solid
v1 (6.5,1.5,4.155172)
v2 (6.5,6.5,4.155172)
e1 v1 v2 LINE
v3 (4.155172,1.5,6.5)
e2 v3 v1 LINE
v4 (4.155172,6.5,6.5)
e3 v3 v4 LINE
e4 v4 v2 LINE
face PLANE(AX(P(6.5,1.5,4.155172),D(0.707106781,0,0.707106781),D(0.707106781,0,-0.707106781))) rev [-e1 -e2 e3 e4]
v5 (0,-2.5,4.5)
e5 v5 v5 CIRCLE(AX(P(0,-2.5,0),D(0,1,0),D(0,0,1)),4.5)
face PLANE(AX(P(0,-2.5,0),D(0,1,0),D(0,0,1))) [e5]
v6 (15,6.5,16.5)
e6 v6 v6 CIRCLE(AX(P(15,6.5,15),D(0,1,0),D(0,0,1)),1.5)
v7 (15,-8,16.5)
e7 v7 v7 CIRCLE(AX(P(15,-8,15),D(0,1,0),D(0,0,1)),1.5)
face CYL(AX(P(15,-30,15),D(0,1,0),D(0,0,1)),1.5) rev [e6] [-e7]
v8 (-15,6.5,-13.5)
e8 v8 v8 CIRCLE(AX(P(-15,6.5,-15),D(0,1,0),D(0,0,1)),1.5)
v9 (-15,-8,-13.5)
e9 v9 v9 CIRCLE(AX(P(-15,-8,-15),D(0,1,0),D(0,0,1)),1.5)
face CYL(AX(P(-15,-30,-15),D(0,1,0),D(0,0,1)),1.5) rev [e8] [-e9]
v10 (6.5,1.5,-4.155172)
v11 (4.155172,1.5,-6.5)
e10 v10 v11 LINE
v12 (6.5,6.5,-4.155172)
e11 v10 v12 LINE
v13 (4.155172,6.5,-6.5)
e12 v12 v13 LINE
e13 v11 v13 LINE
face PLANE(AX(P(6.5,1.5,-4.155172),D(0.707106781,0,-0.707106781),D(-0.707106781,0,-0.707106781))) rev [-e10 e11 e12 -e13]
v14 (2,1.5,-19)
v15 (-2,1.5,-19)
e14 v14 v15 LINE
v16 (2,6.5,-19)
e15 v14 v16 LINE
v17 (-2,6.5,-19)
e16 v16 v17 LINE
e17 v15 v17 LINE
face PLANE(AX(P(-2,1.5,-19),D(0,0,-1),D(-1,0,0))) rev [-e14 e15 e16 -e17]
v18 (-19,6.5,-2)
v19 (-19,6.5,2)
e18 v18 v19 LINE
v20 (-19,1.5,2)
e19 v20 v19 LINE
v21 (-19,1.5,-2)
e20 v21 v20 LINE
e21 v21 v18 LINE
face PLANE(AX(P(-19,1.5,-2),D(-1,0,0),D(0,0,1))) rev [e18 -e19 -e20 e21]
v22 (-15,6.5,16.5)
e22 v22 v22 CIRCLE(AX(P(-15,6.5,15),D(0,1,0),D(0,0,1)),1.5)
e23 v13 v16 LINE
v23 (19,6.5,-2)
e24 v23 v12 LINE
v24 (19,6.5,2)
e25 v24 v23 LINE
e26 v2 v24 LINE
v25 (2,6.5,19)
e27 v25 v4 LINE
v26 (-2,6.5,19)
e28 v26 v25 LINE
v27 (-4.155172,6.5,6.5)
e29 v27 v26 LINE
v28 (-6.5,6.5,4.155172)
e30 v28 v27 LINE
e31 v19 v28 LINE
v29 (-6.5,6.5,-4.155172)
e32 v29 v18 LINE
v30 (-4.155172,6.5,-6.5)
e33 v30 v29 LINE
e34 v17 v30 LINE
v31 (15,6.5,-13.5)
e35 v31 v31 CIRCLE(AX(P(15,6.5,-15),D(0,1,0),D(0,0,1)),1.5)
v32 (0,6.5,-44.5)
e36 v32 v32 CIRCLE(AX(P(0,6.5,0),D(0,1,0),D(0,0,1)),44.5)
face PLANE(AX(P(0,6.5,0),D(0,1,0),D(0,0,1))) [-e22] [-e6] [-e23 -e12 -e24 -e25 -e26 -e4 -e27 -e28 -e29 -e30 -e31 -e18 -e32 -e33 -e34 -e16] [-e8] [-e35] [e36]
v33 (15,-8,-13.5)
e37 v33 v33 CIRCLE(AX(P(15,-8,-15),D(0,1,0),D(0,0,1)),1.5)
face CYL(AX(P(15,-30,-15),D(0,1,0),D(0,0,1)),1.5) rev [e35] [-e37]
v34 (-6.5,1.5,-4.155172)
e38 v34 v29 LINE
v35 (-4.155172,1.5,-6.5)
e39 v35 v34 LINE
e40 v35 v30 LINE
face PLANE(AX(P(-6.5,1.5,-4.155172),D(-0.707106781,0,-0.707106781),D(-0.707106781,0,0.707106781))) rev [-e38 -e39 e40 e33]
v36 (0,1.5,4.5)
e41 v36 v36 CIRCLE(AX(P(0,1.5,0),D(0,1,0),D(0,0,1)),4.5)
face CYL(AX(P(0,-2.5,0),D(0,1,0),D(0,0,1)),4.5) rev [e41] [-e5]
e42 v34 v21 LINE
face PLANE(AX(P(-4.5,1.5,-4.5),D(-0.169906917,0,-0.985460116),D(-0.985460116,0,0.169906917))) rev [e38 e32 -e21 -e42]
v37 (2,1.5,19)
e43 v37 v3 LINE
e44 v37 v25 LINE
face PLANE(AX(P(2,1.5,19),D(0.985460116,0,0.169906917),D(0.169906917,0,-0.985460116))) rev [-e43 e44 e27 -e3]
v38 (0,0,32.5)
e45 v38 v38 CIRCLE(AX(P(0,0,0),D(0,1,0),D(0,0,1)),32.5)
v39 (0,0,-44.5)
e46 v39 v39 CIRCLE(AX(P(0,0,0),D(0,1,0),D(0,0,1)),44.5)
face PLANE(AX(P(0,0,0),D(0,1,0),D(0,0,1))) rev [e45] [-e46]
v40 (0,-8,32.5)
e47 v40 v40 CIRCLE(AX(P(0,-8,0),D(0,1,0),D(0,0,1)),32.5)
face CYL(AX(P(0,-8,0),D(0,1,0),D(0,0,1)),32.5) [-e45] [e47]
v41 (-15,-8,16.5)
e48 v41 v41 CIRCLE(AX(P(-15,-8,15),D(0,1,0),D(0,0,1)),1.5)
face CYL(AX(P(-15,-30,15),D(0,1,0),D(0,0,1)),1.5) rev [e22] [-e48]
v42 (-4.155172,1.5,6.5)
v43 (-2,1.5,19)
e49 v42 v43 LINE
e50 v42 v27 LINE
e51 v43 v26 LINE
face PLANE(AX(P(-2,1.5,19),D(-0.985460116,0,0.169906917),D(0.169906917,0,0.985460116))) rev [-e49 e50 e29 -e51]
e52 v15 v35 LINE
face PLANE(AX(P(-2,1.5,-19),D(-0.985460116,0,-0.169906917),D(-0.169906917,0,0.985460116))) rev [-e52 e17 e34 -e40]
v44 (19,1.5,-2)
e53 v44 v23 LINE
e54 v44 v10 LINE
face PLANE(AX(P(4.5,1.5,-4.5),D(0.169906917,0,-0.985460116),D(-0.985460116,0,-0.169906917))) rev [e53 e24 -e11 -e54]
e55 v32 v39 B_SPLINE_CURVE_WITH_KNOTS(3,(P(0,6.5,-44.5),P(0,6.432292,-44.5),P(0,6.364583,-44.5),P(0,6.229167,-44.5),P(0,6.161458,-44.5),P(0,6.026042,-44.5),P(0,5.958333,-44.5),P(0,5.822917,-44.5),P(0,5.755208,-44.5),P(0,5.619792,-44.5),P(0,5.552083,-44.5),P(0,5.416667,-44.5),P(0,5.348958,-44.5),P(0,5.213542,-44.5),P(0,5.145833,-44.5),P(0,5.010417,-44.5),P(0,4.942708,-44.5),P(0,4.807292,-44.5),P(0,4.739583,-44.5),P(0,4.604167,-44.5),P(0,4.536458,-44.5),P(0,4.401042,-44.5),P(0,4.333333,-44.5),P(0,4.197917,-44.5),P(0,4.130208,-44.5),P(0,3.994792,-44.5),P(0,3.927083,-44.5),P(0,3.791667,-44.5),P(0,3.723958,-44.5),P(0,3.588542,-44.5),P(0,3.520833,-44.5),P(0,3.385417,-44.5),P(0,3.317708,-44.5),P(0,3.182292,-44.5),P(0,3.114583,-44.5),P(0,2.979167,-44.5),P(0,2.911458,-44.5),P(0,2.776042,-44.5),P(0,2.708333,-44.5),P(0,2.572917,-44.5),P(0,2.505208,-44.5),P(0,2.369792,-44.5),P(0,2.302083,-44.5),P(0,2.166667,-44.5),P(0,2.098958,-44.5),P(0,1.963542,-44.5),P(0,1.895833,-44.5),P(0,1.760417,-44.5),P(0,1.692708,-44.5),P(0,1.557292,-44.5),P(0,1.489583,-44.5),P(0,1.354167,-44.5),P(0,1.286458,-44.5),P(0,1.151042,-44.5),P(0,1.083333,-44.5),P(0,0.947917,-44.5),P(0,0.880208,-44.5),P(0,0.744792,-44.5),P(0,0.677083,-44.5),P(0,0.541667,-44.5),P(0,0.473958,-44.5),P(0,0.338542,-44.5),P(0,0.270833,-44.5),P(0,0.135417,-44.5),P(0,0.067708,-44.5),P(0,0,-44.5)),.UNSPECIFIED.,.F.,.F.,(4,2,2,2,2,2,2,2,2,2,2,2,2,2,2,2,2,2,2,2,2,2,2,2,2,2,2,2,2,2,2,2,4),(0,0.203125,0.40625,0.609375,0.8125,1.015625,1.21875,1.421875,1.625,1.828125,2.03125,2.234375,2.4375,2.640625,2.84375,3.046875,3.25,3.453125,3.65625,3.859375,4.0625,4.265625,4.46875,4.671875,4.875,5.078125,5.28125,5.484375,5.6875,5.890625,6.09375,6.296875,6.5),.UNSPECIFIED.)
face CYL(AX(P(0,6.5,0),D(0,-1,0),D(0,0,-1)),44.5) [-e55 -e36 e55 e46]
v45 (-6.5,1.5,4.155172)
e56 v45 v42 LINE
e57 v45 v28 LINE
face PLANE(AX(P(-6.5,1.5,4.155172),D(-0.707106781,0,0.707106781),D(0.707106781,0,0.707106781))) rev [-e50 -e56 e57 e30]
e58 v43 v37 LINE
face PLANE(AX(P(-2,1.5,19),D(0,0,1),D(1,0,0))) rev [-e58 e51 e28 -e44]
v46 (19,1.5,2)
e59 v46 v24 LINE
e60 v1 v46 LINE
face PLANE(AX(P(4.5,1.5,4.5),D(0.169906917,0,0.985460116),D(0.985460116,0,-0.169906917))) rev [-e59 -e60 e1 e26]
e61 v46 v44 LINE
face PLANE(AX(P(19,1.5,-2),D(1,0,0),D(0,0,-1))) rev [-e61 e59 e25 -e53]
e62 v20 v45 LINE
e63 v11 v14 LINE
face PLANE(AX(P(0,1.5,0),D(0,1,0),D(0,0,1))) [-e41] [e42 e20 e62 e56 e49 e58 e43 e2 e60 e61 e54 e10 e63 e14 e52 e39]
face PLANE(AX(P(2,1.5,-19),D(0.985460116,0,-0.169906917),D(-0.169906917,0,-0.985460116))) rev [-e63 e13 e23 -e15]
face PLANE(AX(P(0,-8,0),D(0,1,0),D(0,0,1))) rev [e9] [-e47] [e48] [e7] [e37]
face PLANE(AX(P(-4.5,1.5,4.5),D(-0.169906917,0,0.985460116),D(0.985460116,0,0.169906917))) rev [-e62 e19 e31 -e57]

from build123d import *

# Parameters (mm, degrees)
SKETCH1_R           = 44.5
BOSS_EXTRUDE1_DEPTH = 6.5
SKETCH2_R           = 32.5
BOSS_EXTRUDE2_DEPTH = 8
SKETCH3_R           = 1.5
CUT_EXTRUDE1_DEPTH  = 30
CUT_EXTRUDE2_DEPTH  = 5
SKETCH5_R           = 4.5
CUT_EXTRUDE3_DEPTH  = 9
CUT_EXTRUDE4_DEPTH  = 5


with BuildPart() as part:
    # Sketch1 → Boss-Extrude1 (new body)
    with BuildSketch(Plane(origin=(0, 0, 0), x_dir=(1, 0, 0), z_dir=(0, 1, 0))):
        with Locations(Location((0, 0, 0), (0, 0, 90))):
            Circle(SKETCH1_R)
    extrude(amount=BOSS_EXTRUDE1_DEPTH)

    # Sketch2 → Boss-Extrude2 (add)
    with BuildSketch(Plane(origin=(0, 0, 0), x_dir=(1, 0, 0), z_dir=(0, 1, 0))):
        with Locations(Location((0, 0, 0), (0, 0, 270))):
            Circle(SKETCH2_R)
    extrude(amount=-BOSS_EXTRUDE2_DEPTH)

    # Sketch3 → Cut-Extrude1 (cut, symmetric)
    with BuildSketch(Plane(origin=(0, 0, 0), x_dir=(1, 0, 0), z_dir=(0, 1, 0))):
        with Locations(Location((-15, 15, 0), (0, 0, 270))):
            Circle(SKETCH3_R)
        with Locations(Location((15, 15, 0), (0, 0, 270))):
            Circle(SKETCH3_R)
        with Locations(Location((15, -15, 0), (0, 0, 270))):
            Circle(SKETCH3_R)
        with Locations(Location((-15, -15, 0), (0, 0, 270))):
            Circle(SKETCH3_R)
    extrude(amount=CUT_EXTRUDE1_DEPTH, both=True, mode=Mode.SUBTRACT)

    # Sketch4 → Cut-Extrude2 (cut)
    with BuildSketch(Plane(origin=(0, 6.5, 0), x_dir=(1, 0, 0), z_dir=(0, 1, 0))):
        Polygon((-2, 19), (2, 19), (4.5, 4.5), (19, 2), (19, -2), (4.5, -4.5), (2, -19), (-2, -19), (-4.5, -4.5), (-19, -2), (-19, 2), (-4.5, 4.5), align=None)
    extrude(amount=-CUT_EXTRUDE2_DEPTH, mode=Mode.SUBTRACT)

    # Sketch5 → Cut-Extrude3 (cut)
    with BuildSketch(Plane(origin=(0, 6.5, 0), x_dir=(1, 0, 0), z_dir=(0, 1, 0))):
        with Locations(Location((0, 0, 0), (0, 0, 270))):
            Circle(SKETCH5_R)
    extrude(amount=-CUT_EXTRUDE3_DEPTH, mode=Mode.SUBTRACT)

    # Sketch6 → Cut-Extrude4 (cut)
    with BuildSketch(Plane(origin=(0, 6.5, 0), x_dir=(1, 0, 0), z_dir=(0, 1, 0))):
        Polygon((-6.5, -4.155172414), (-6.5, 4.155172414), (-4.155172414, 6.5), (4.155172414, 6.5), (6.5, 4.155172414), (6.5, -4.155172414), (4.155172414, -6.5), (-4.155172414, -6.5), align=None)
    extrude(amount=-CUT_EXTRUDE4_DEPTH, mode=Mode.SUBTRACT)


solid = part.part
